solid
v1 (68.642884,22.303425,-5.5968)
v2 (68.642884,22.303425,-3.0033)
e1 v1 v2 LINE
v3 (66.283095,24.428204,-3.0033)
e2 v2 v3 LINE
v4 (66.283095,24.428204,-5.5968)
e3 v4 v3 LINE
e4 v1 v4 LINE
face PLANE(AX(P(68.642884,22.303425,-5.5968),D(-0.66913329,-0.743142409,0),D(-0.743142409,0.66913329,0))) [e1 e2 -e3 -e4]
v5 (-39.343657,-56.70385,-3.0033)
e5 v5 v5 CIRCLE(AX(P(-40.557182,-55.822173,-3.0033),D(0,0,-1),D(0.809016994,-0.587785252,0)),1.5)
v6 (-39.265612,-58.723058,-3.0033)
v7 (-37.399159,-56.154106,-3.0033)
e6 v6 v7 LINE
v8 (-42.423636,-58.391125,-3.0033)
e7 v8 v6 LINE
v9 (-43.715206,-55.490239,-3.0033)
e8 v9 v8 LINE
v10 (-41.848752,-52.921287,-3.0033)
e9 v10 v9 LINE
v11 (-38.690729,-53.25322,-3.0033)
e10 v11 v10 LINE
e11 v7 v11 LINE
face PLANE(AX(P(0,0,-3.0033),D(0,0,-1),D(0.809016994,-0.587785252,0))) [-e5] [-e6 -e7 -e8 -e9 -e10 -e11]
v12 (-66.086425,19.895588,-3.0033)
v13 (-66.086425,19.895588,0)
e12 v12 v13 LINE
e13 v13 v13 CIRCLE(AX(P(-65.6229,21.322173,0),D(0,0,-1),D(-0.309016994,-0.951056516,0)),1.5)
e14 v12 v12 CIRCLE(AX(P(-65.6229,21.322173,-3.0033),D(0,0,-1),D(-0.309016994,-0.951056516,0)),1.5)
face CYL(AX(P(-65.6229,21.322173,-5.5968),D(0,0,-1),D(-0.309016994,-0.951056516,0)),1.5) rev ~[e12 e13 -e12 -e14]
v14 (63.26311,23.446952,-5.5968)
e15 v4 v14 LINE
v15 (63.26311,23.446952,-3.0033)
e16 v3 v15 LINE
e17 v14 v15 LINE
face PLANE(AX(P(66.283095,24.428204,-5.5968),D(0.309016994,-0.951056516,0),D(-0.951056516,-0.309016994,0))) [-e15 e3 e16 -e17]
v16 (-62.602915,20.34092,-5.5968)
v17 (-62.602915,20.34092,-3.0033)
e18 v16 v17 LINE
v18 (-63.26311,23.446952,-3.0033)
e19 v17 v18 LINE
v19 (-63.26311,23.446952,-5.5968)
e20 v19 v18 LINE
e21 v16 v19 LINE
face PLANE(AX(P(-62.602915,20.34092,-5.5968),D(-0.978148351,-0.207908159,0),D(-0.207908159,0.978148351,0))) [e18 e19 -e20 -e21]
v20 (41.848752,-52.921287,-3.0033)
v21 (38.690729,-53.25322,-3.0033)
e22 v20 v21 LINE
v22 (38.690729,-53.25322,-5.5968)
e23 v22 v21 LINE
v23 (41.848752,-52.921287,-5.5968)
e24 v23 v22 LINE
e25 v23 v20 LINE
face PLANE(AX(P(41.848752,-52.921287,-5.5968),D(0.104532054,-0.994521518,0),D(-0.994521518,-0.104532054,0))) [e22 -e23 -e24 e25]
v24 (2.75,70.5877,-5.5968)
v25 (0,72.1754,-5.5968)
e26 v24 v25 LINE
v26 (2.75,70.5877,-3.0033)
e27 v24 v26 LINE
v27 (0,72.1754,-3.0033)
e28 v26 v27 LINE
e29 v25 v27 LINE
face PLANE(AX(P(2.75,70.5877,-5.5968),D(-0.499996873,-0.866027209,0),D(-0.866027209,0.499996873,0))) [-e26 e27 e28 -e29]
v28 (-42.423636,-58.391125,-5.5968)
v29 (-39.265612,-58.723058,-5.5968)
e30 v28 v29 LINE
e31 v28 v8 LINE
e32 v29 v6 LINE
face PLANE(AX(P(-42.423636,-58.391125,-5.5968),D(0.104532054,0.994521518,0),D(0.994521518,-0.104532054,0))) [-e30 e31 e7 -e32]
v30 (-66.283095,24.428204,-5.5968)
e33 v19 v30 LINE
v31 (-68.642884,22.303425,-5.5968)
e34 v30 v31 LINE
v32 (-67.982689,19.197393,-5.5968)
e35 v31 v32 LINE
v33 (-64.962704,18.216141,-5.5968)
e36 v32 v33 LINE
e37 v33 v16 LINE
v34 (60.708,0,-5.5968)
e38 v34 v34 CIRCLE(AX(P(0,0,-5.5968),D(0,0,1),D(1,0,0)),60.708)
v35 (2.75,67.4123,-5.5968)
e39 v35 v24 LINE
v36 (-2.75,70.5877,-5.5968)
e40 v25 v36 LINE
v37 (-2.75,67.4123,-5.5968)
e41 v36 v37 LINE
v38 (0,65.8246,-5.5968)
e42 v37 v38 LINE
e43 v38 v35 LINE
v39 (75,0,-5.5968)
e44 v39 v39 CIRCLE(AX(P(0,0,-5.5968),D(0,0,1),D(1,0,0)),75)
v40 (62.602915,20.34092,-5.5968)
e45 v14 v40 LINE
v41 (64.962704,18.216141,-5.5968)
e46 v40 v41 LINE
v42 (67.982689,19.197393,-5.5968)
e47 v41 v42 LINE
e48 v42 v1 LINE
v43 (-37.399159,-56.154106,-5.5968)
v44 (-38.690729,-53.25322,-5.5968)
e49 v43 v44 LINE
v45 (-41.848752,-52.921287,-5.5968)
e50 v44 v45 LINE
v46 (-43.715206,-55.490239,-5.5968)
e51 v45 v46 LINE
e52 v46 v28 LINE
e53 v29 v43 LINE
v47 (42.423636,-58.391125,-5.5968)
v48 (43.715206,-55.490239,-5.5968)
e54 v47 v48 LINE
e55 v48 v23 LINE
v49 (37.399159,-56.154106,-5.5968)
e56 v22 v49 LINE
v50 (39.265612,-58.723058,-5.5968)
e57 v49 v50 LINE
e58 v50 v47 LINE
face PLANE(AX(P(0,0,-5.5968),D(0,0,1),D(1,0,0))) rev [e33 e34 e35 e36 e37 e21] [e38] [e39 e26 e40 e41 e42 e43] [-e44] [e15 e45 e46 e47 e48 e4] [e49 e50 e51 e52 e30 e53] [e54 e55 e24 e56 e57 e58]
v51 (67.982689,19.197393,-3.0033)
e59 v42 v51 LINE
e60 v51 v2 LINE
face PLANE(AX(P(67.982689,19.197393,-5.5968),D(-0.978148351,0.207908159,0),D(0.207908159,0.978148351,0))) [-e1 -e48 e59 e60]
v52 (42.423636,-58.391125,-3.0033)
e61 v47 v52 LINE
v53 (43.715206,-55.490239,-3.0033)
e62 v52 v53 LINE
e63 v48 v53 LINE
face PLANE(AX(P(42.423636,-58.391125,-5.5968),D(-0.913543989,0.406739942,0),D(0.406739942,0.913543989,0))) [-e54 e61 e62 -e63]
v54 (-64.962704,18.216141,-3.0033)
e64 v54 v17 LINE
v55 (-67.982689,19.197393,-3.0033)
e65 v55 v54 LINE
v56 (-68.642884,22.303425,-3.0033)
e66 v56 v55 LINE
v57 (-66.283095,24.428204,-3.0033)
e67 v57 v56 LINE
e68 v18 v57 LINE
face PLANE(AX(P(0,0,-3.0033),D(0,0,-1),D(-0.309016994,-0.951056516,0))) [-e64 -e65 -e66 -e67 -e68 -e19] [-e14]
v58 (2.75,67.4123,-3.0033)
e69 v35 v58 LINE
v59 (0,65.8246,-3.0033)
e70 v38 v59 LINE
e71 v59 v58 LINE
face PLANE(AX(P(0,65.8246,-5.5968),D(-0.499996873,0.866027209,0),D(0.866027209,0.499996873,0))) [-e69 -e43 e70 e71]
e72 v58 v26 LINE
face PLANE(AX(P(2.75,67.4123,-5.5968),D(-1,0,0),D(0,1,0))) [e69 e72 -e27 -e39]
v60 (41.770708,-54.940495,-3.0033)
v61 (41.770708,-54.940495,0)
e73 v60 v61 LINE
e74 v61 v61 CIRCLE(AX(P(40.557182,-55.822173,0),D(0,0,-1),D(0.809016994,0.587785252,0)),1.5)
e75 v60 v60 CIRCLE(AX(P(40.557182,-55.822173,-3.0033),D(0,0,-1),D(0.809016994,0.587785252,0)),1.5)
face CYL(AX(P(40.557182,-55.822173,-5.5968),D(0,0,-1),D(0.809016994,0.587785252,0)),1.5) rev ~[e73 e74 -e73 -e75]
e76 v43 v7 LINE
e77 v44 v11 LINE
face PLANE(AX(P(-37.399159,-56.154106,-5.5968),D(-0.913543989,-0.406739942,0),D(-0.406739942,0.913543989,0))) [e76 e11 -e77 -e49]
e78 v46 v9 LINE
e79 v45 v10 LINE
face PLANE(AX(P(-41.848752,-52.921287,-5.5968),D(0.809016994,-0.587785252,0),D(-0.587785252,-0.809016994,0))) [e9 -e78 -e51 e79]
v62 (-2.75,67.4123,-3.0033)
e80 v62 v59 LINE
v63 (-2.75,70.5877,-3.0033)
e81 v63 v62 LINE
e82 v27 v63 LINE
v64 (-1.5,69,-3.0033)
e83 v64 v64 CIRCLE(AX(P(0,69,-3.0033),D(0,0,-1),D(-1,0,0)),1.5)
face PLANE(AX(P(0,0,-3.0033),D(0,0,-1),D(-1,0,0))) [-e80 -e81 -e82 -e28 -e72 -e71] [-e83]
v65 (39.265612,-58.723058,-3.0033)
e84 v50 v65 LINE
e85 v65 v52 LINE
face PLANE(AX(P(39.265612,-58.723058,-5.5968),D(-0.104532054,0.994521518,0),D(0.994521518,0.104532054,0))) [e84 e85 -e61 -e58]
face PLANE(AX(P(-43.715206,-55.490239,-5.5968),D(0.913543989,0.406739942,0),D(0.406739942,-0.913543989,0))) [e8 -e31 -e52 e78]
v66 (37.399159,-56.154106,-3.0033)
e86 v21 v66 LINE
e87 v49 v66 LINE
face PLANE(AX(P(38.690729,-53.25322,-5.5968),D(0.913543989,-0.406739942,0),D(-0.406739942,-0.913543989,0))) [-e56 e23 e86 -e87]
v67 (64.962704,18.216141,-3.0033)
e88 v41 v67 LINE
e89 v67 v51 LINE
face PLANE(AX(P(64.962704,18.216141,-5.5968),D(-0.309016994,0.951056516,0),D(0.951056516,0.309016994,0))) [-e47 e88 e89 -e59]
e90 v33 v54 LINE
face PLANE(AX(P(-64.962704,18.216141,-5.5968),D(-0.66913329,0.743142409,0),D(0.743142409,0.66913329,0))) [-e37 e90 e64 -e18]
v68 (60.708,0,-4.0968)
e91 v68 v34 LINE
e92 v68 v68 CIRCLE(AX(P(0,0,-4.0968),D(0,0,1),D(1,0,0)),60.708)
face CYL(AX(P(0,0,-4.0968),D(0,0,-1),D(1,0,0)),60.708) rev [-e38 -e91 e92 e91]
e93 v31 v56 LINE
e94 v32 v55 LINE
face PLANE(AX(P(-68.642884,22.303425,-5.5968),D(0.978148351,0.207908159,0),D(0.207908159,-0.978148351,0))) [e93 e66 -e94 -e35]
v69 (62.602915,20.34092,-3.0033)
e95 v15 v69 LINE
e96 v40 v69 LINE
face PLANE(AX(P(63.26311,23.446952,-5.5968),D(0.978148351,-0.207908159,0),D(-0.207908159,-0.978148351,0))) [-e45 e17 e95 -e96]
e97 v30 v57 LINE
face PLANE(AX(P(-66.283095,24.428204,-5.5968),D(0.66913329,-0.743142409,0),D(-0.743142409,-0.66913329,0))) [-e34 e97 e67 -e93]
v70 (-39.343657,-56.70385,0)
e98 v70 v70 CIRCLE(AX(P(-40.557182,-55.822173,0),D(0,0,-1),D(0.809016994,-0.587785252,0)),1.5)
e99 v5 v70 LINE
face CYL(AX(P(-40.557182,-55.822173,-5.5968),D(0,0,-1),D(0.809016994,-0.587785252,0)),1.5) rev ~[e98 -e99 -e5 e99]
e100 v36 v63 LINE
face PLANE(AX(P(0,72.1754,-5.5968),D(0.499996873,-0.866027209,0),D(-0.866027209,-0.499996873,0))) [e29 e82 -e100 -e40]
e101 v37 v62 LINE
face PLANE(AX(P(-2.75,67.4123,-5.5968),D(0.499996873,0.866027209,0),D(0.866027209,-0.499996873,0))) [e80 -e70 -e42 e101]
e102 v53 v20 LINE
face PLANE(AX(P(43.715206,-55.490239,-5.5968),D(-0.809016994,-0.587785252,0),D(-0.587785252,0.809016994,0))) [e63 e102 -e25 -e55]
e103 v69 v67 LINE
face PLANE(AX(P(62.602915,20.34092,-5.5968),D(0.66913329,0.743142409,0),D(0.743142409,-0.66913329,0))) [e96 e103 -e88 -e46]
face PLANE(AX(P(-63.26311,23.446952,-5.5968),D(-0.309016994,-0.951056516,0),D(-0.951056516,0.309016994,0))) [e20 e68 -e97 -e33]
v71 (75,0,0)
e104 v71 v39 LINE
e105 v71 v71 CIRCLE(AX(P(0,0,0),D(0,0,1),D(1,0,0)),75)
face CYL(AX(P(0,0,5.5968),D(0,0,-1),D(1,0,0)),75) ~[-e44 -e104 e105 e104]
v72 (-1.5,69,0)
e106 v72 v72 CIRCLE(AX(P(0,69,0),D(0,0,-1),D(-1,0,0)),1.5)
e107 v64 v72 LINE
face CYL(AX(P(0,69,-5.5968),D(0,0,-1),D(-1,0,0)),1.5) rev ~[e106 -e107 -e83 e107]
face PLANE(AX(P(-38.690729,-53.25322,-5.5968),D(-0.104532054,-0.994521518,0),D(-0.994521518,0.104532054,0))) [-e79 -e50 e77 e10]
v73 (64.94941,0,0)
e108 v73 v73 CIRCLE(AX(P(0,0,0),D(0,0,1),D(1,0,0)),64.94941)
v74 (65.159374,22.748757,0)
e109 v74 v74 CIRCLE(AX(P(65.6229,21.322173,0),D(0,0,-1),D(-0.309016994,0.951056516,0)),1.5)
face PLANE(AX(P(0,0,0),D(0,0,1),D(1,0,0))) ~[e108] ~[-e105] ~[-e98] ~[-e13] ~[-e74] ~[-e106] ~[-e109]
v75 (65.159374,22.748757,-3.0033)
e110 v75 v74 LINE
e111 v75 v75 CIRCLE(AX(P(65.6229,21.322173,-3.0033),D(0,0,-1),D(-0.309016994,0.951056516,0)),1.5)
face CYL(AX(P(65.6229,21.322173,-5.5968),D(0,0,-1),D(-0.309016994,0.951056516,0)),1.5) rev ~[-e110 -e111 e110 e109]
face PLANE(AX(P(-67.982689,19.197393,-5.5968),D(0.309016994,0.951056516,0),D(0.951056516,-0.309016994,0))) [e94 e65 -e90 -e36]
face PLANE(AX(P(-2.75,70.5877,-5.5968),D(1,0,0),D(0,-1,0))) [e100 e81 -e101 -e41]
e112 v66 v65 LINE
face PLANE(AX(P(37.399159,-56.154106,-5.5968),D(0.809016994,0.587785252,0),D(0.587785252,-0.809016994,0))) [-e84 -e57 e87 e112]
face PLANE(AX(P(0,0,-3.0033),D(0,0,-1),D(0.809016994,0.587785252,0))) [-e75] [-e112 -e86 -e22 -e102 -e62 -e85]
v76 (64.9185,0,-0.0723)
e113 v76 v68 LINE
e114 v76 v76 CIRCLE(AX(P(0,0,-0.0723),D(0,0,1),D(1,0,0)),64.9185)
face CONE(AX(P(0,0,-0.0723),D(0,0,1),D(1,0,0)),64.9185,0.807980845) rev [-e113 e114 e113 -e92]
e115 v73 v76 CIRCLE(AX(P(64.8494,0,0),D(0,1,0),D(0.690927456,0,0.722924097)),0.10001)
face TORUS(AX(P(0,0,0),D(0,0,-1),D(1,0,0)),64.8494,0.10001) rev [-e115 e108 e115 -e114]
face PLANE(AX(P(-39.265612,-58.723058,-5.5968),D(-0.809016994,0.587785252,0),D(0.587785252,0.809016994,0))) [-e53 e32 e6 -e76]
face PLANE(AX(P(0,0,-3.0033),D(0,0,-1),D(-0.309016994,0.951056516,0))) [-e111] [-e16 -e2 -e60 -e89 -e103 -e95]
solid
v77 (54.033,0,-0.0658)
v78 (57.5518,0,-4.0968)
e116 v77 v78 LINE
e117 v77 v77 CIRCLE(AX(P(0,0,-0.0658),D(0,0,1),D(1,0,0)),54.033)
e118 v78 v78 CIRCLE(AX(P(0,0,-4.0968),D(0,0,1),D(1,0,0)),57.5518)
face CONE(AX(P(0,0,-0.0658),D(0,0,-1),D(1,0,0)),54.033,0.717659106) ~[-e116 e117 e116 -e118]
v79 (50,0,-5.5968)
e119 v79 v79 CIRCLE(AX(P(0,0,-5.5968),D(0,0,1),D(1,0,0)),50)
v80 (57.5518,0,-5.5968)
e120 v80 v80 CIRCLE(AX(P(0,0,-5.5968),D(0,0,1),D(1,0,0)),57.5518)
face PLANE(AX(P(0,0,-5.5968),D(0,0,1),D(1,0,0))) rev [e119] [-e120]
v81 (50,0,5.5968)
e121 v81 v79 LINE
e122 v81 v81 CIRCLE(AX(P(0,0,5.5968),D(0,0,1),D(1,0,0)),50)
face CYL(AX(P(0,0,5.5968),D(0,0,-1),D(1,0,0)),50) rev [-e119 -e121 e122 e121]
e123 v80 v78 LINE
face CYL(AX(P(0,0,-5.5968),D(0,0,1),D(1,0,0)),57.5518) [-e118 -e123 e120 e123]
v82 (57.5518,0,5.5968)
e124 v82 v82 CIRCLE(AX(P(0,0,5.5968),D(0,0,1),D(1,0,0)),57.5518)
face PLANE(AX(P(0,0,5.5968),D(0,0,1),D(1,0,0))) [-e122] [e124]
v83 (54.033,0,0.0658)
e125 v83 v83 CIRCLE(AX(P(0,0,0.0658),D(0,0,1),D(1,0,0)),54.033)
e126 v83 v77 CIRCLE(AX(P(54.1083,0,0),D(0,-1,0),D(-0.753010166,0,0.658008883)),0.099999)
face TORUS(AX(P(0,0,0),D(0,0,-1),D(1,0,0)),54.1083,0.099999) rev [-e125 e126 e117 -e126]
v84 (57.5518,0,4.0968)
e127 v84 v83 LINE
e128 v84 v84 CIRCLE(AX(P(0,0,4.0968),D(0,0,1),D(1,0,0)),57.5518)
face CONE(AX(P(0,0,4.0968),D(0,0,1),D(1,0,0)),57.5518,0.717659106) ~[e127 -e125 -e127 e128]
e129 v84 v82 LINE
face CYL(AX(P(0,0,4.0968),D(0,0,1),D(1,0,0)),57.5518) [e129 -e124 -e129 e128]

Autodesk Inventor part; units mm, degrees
ref_plane "YZ Plane" through (0, 0, 0) normal (1, 0, 0) x (0, 1, 0)
ref_plane "XZ Plane" through (0, 0, 0) normal (0, 1, 0) x (-1, 0, 0)
sketch "Sketch7" plane through (0, 0, 0) normal (0, 1, 0) x (-1, 0, 0)
  line L0 (0, 0) -> (0, 61.9844)
  line L1 (0, 0) -> (-59.2469, 0) construction
  line L2 (0, 61.9844) -> (-59.2469, 0) construction
  line L3 (0, 61.9844) -> (-64.8494, 0) construction
  line L4 (0, 61.9844) -> (-58.9939, -5.5968) construction
  line L5 (0, 0) -> (0, -61.9844)
  line L6 (0, -61.9844) -> (-59.2469, 0) construction
  line L7 (0, -61.9844) -> (-64.8494, 0) construction
  line L8 (0, -61.9844) -> (-58.9939, 5.5968) construction
  line L9 (-58.9939, 5.5968) -> (-64.8494, 0) construction
  line L10 (-54.1083, 0) -> (-62.8579, -8.363) construction
  line L11 (-54.1083, 0) -> (-38.773, -14.6578) construction
  line L12 (0, -94.3812) -> (0, 132.3969) projected
  line L13 (-75, -5.9919) -> (-75, 6.008)
  line L14 (105, 0) -> (-105, 0) projected
  line L15 (-62.0481, 2.6775) -> (-56.4456, -2.6775) construction
  line L16 (-56.4456, 2.6775) -> (-62.0481, -2.6775) construction
  line L17 (-26.151, -15.9303) -> (-40.3783, -15.9303) construction
  line L18 (-40.3783, -15.9303) -> (-40.3783, -12.7539) construction
  line L19 (-40.3783, -12.7539) -> (-26.151, -12.7539) construction
  line L20 (-26.151, -12.7539) -> (-26.151, -15.9303) construction
  point P0 (-75, 0)
  dimension "Roller_Side_difference" = -0.0002
  dimension "d90" = 61.9844
  dimension "d201" = 75
  dimension "d343" = 92.587
  dimension "d344" = 92.588
  dimension "d367" = 8.1
sketch "Sketch1" plane through (0, 0, 0) normal (0, 0, 1) x (1, 0, 0)
  circle A0 centre (0, 0) radius 59.2469 construction
  line L0 (0, 0) -> (59.2469, 0)
  line L1 (0, 0) -> (59.2469, 4.025)
  line L2 (59.2469, 0) -> (59.2469, 4.025)
  circle A1 centre (0, 0) radius 75
  point P0 (56.8, 0)
  dimension "d56" = 59.2469
  dimension "d57" = 4.025
  dimension "d400" = 75
  dimension "d495" = 2.5
  dimension "d496" = 8
  dimension "d531" = 5.5
  dimension "d532" = 5.5
  dimension "d533" = 5.5
  dimension "d537" = 24.5
  dimension "d538" = 3
  dimension "d543" = 5.5
  dimension "d549" = 3
  dimension "d550" = 3
  dimension "d567" = 5.5
  dimension "d568" = 5.5
sketch "Roller1" plane through (0, 0, 0) normal (0, 1, 0) x (-1, 0, 0)
  line L0 (0, 61.9844) -> (-58.9939, -5.5968) construction
  line L1 (0, 61.9844) -> (-64.8494, 0) construction
  line L2 (-54.1083, 0) -> (-38.773, -14.6578) construction
  line L3 (0, -61.9844) -> (-64.8494, 0) construction
  line L4 (-54.0606, 0.0927) -> (-58.9462, -5.5041)
  line L5 (-58.9462, -5.5041) -> (-64.7589, 0.0519)
  line L6 (-64.7589, 0.0519) -> (-59.3884, 5.1851)
  line L7 (-59.3884, 5.1851) -> (-54.0606, 0.0927)
  line L8 (-56.0019, 1.9482) -> (-61.1299, -3.4168)
  line L9 (-61.8526, -2.7261) -> (-56.7246, 2.639)
  point P0 (0, 0)
  dimension "d345" = 0.025
  dimension "d346" = 0.025
  dimension "d347" = 0.1
  dimension "d348" = 0.1
  dimension "d349" = 272.588
  dimension "d350" = 272.587
  dimension "d617" = 0.9997
sketch "Roller2" plane through (0, 0, 0) normal (0, 1, 0) x (-1, 0, 0)
  line L0 (0, -61.9844) -> (-58.9939, 5.5968) construction
  line L1 (-54.1083, 0) -> (-62.8579, -8.363) construction
  line L2 (0, -61.9844) -> (-64.8494, 0) construction
  line L3 (0, 61.9844) -> (-64.8494, 0) construction
  line L4 (-58.9462, 5.5041) -> (-54.1923, 0.0581)
  line L5 (-54.1923, 0.0581) -> (-59.5331, -5.0468)
  line L6 (-59.5331, -5.0468) -> (-64.7589, -0.0519)
  line L7 (-64.7589, -0.0519) -> (-58.9462, 5.5041)
  line L8 (-61.8526, 2.7261) -> (-56.8627, -2.4944)
  line L9 (-61.1297, 3.417) -> (-56.1399, -1.8034)
  point P0 (0, 0)
  dimension "d351" = 0.025
  dimension "d352" = 0.025
  dimension "d354" = 0.1
  dimension "d355" = 92.587
  dimension "d356" = 92.588
  dimension "d370" = 0.1
  dimension "d371" = 1
sketch "Sketch22" plane through (0, 0, 0) normal (0, 1, 0) x (-1, 0, 0)
  line L0 (-31.756, 8.0215) -> (-17.5287, 8.0215) construction
  line L1 (-17.5287, 8.0215) -> (-17.5287, 4.8451) construction
  line L2 (-17.5287, 4.8451) -> (-31.756, 4.8451) construction
  line L3 (-31.756, 4.8451) -> (-31.756, 8.0215) construction
  point P0 (0, 0)
  dimension "Roller_Side_difference" = -0.0002
sketch "Sketch2" plane through (0, 0, 0) normal (0, 1, 0) x (-1, 0, 0)
  line L0 (0, 0) -> (0, 59.2469) construction
  line L1 (0, 0) -> (-59.2469, 0) projected
  line L2 (0, 0) -> (0, -59.2469)
  line L3 (0, -59.2469) -> (-59.2469, 0) construction
  line L4 (0, 59.2469) -> (-59.2469, 0) construction
  line L5 (-50.488, 53.5552) -> (0, 59.2469) construction
  line L6 (-29.7354, 7.189) -> (0, 59.2469) construction
  line L7 (-29.7354, 7.189) -> (0, -59.2469) construction
  line L8 (-48.8381, -26.254) -> (0, -59.2469) construction
  point P0 (-40.4258, 18.8211)
sketch "Sketch23" plane through (0, 0, 0) normal (0, 1, 0) x (-1, 0, 0)
  line L0 (0, -61.9844) -> (-58.9939, 5.5968) construction
  line L1 (0, -61.9844) -> (-64.8494, 0) construction
  line L2 (0, 61.9844) -> (-58.9939, -5.5968) construction
  line L3 (-58.9939, 5.5968) -> (-64.8494, 0) construction
  line L4 (0, 61.9844) -> (-64.8494, 0) construction
  line L5 (-58.9939, 5.5968) -> (-58.9939, -5.5968) construction
  line L6 (105, 0) -> (-105, 0) projected
  line L7 (-57.5518, 4.0968) -> (-54.033, 0.0658)
  line L8 (-54.033, -0.0658) -> (-57.5518, -4.0968)
  line L9 (-60.708, 4.0968) -> (-64.9185, 0.0723)
  line L10 (-64.9185, -0.0723) -> (-60.708, -4.0968)
  arc A0 (-64.9185, 0.0723) -> (-64.9185, -0.0723) centre (-64.8494, 0) ccw
  arc A1 (-54.033, -0.0658) -> (-54.033, 0.0658) centre (-54.1083, 0) ccw
  line L11 (-57.5518, 4.0968) -> (-57.5518, 5.5968)
  line L12 (-57.5518, 5.5968) -> (-50, 5.5968)
  line L13 (-50, 5.5968) -> (-50, -5.5968)
  line L14 (-50, -5.5968) -> (-57.5518, -5.5968)
  line L15 (-57.5518, -5.5968) -> (-57.5518, -4.0968)
  line L16 (-60.708, 4.0968) -> (-60.708, 5.5968)
  line L17 (-60.708, 5.5968) -> (-75, 5.5968)
  line L18 (-75, 5.5968) -> (-75, -5.5968)
  line L19 (-60.708, -4.0968) -> (-60.708, -5.5968)
  line L20 (-60.708, -5.5968) -> (-75, -5.5968)
  line L21 (-58.9939, 5.5968) -> (-58.9939, 5.5968)
  line L22 (-58.9939, -5.5968) -> (-58.9939, -5.5968)
  line L23 (0, -94.3812) -> (0, 132.3969) projected
  line L24 (-64.9941, 0) -> (-75, 0)
  point P0 (0, 0)
  point P1 (-53.9756, 0)
  point P2 (-64.9494, 0)
  point P3 (-75, 0)
  dimension "d378" = 90
  dimension "d379" = 0.1
  dimension "d380" = 0.1
  dimension "d381" = 0.1
  dimension "d382" = 0.1
  dimension "d383" = 0.1
  dimension "d384" = 11.1935
  dimension "d385" = 0
  dimension "d386" = 0
  dimension "d391" = 50
  dimension "d392" = 75
  dimension "d393" = 1.5
  dimension "d394" = 1.5
  dimension "d395" = 1.5
  dimension "d396" = 1.5
revolve "RevRoller1" [suppressed]
fillet "Fillet1" [suppressed]
sketch "Sketch40" plane through (0, 0, -5.231) normal (0, 0, -1) x (-1, 0, 0)
  circle A0 centre (53.5, 0) radius 2.75 projected
  circle A1 centre (0, 0) radius 53.5 projected
  point P0 (53.4293, 2.7491)
  point P1 (53.4293, -2.7491)
  dimension "d585" = 8
  dimension "d587" = 1.75
  dimension "d589" = 3
  dimension "d592" = 2
  dimension "d593" = 12
  dimension "d594" = 12
  dimension "d611" = 360
pattern_circular "Circular Pattern13" [suppressed]
feature "Move Body7" [suppressed]
revolve "Revolution13" [suppressed]
fillet "Fillet3" [suppressed]
pattern_circular "Circular Pattern14" [suppressed]
feature "Move Body6" [suppressed]
revolve "Revolution14" add sketch "Sketch23" angle 360 about axis through (0, 0, -10) along (0, 0, 1) contours A1 L7 L11 L12 L13 L6 | L6 L13 L14 L15 L8 A1
revolve "OuterRim_Top2" add sketch "Sketch23" angle 360 about axis through (0, 0, -10) along (0, 0, 1) contours L6 A0 L10 L19 L20 L18
revolve "OuterRim_Bottom2" [suppressed]
ref_plane "Work Plane7" through (0, 0, 100) normal (0, 0, 1) x (1, 0, 0)
sketch "Sketch47" plane through (0, 0, 100) normal (0, 0, 1) x (1, 0, 0)
  circle A0 centre (0, 0) radius 75 construction
  circle A1 centre (0, 0) radius 60.708 construction
  circle A2 centre (0, 0) radius 57.5518 construction
  circle A3 centre (0, 0) radius 50 construction
  circle A4 centre (0, 0) radius 69
  point P0 (0, 69)
  dimension "d620" = 69
sketch "Sketch48" plane through (0, 0, 5.5968) normal (0, 0, 1) x (1, 0, 0)
  circle A0 centre (0, 69) radius 2.75
  circle A1 centre (0, 69) radius 1.5
  circle A2 centre (0, 0) radius 69 construction
  dimension "d621" = 3
  dimension "d622" = 5.5
extrude "Extrusion39" [suppressed]
extrude "Extrusion40" [suppressed]
pattern_circular "Circular Pattern28" [suppressed]
sketch "Sketch49" plane through (0, 0, -5.5968) normal (0, 0, -1) x (-1, 0, 0)
  circle A0 centre (0, 0) radius 69 construction
  circle A1 centre (0, 69) radius 1.5
  line L0 (2.75, 67.4123) -> (0, 65.8246)
  line L1 (0, 65.8246) -> (-2.75, 67.4123)
  line L2 (-2.75, 67.4123) -> (-2.75, 70.5877)
  line L3 (-2.75, 70.5877) -> (0, 72.1754)
  line L4 (0, 72.1754) -> (2.75, 70.5877)
  line L5 (2.75, 70.5877) -> (2.75, 67.4123)
  dimension "d630" = 5.5
  dimension "d631" = 3
extrude "Extrusion41" cut sketch "Sketch49" against normal blind 5.5968 contours A1
extrude "Extrusion42" cut sketch "Sketch49" against normal blind 2.5935
pattern_circular "Circular Pattern29" count 5 over 360 about axis through (0, 0, -4.8468) along (0, 0, 1) of "Extrusion41", "Extrusion42"
equation "\"Roller_Side_difference\" = -0.000942deg"
equation "\"Cycloid_Top_Plate_Fasner_Inner\" = 61.25"
equation "\"Cycloid_Top_Plate_Fasner_Outer\" = 85.75"
equation "\"Roller_Hole_Radius\" = 1"
equation "\"Distance_To_Bearing\" = 85.74529"
equation "\"d514\" = 0.2"
properties part number "Top_revolOuterBearing_TBS"
